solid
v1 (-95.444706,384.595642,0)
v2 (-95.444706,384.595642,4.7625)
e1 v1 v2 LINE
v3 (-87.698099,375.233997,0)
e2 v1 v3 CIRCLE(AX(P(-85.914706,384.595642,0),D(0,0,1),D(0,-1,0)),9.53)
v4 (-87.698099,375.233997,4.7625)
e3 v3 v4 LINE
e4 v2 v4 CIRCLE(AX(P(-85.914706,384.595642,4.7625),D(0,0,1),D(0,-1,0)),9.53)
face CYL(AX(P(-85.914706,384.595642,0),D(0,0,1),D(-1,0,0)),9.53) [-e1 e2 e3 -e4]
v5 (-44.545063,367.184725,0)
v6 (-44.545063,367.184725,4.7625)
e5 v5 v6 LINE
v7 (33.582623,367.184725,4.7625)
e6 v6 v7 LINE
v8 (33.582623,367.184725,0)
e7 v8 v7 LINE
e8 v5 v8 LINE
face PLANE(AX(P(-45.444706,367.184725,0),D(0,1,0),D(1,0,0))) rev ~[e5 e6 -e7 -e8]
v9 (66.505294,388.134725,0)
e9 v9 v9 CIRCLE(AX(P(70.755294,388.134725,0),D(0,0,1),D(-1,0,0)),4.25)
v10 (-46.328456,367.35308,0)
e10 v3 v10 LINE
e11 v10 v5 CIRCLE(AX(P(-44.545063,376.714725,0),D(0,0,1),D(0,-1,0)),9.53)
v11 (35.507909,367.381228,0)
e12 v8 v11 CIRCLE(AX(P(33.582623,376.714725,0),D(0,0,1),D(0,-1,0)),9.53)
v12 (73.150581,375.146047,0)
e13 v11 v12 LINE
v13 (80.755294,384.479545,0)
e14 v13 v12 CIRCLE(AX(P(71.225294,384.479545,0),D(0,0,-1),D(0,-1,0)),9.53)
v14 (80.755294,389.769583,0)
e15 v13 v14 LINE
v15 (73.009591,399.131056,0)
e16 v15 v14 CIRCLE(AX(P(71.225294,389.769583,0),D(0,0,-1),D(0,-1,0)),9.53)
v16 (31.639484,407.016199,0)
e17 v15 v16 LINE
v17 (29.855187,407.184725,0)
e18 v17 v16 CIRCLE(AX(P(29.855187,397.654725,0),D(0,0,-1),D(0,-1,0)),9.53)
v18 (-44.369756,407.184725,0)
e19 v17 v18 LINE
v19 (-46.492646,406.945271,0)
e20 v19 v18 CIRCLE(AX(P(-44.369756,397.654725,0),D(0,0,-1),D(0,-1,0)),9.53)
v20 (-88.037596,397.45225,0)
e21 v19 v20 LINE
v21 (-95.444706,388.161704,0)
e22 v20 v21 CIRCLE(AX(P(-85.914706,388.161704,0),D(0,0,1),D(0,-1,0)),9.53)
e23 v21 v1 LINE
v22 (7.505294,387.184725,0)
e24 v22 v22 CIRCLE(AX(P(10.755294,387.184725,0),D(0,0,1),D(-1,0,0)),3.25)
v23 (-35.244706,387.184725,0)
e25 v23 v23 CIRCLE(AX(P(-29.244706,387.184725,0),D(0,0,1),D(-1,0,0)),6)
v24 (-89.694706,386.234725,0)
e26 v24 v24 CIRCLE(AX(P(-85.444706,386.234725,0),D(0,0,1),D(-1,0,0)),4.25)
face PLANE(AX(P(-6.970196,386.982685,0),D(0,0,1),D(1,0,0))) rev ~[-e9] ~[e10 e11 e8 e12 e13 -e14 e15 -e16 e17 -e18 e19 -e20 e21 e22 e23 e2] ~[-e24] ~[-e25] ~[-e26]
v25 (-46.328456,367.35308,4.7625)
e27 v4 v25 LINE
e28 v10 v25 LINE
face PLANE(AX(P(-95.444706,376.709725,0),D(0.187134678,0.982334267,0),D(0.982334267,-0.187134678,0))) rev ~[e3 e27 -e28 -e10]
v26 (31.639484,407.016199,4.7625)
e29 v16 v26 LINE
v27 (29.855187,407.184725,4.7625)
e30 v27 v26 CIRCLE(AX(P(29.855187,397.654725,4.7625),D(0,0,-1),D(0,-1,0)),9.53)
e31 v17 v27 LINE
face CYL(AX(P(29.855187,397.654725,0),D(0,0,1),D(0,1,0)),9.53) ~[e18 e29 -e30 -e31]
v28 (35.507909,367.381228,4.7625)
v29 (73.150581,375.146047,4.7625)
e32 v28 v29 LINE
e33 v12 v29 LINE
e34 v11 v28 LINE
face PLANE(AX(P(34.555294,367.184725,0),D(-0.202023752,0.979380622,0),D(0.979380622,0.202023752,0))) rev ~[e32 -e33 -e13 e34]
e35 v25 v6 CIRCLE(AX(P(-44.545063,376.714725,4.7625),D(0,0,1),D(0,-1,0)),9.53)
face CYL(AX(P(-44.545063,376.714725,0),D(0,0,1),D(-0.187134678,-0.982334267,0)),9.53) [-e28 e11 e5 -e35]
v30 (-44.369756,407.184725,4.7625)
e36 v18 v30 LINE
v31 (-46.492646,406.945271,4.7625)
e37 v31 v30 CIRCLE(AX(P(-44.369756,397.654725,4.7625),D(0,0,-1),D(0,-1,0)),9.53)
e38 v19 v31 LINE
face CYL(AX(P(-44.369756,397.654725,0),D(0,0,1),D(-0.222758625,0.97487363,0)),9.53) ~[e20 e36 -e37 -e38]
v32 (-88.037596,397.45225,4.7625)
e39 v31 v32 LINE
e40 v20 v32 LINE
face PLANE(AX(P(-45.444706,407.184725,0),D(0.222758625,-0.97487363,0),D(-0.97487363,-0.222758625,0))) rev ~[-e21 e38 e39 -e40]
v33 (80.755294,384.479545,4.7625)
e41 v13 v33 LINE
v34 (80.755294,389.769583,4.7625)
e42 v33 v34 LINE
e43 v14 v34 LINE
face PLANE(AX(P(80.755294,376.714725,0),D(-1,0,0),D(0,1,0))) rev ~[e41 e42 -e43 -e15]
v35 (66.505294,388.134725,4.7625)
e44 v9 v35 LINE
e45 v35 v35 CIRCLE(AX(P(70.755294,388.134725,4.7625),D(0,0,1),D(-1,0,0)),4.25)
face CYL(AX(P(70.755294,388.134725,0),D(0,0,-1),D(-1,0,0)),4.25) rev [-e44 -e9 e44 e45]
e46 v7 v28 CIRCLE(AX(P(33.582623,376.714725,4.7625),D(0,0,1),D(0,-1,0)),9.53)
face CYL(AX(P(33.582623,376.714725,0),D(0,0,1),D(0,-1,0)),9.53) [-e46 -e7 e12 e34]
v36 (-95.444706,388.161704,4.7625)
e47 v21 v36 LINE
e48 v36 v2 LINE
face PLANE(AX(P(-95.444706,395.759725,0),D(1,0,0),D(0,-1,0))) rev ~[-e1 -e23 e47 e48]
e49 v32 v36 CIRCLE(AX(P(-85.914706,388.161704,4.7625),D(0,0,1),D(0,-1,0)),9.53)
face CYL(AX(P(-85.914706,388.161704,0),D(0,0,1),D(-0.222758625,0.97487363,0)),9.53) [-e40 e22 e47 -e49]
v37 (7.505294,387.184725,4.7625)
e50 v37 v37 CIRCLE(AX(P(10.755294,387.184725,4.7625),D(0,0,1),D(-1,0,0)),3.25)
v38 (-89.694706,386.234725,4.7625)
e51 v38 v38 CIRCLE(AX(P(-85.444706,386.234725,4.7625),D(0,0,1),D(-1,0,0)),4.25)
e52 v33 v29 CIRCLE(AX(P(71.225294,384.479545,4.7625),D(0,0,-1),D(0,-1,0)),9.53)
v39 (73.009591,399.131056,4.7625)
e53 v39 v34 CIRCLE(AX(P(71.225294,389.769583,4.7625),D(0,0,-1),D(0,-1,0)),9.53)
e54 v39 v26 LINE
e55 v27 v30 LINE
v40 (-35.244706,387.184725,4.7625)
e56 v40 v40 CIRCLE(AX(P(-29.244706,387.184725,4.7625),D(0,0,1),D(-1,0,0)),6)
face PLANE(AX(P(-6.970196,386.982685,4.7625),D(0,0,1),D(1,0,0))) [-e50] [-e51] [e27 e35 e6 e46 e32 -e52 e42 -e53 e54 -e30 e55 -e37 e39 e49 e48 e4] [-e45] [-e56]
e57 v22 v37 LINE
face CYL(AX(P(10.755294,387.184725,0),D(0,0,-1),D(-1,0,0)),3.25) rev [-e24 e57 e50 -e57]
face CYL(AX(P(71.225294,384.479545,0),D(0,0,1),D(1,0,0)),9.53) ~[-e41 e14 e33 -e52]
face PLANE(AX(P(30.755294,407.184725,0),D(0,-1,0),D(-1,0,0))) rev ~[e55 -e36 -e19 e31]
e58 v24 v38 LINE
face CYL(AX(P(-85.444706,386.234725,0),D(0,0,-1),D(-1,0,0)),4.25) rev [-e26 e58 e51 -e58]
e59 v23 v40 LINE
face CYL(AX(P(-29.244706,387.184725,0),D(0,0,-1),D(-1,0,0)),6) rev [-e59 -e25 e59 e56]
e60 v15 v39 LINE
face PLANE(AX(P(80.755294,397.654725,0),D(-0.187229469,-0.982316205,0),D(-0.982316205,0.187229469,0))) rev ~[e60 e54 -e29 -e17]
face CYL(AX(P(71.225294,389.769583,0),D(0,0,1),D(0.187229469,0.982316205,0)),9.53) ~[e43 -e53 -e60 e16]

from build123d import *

# Parameters (mm, degrees)
SKETCH1_R           = 6
SKETCH1_R_2         = 3.25
SKETCH1_R_3         = 4.25
BOSS_EXTRUDE2_DEPTH = 4.7625
FILLET1_R           = 9.53


with BuildPart() as part:
    # Sketch1 → Boss-Extrude2 (new body)
    with BuildSketch(Plane.XY):
        Polygon((-45.444705817, 407.184725354), (-95.444705817, 395.759725354), (-95.444705817, 376.709725354), (-45.444705817, 367.184725354), (34.555294183, 367.184725354), (80.755294183, 376.714725354), (80.755294183, 397.654725354), (30.755294183, 407.184725354), align=None)
        with Locations(Location((-29.244705817, 387.184725354, 0), (0, 0, 180))):
            Circle(SKETCH1_R, mode=Mode.SUBTRACT)
        with Locations(Location((10.755294183, 387.184725354, 0), (0, 0, 180))):
            Circle(SKETCH1_R_2, mode=Mode.SUBTRACT)
        with Locations(Location((-85.444705817, 386.234725354, 0), (0, 0, 180))):
            Circle(SKETCH1_R_3, mode=Mode.SUBTRACT)
        with Locations(Location((70.755294183, 388.134725354, 0), (0, 0, 180))):
            Circle(SKETCH1_R_3, mode=Mode.SUBTRACT)
    extrude(amount=BOSS_EXTRUDE2_DEPTH)

    # Fillet1
    fillet1_edges = [part.edges().sort_by_distance(p)[0] for p in [
        (-95.444705817, 376.709725354, 2.38125),
        (-95.444705817, 395.759725354, 2.38125),
        (-45.444705817, 407.184725354, 2.38125),
        (30.755294183, 407.184725354, 2.38125),
        (80.755294183, 397.654725354, 2.38125),
        (80.755294183, 376.714725354, 2.38125),
        (34.555294183, 367.184725354, 2.38125),
        (-45.444705817, 367.184725354, 2.38125),
    ]]
    fillet(fillet1_edges, radius=FILLET1_R)


solid = part.part
